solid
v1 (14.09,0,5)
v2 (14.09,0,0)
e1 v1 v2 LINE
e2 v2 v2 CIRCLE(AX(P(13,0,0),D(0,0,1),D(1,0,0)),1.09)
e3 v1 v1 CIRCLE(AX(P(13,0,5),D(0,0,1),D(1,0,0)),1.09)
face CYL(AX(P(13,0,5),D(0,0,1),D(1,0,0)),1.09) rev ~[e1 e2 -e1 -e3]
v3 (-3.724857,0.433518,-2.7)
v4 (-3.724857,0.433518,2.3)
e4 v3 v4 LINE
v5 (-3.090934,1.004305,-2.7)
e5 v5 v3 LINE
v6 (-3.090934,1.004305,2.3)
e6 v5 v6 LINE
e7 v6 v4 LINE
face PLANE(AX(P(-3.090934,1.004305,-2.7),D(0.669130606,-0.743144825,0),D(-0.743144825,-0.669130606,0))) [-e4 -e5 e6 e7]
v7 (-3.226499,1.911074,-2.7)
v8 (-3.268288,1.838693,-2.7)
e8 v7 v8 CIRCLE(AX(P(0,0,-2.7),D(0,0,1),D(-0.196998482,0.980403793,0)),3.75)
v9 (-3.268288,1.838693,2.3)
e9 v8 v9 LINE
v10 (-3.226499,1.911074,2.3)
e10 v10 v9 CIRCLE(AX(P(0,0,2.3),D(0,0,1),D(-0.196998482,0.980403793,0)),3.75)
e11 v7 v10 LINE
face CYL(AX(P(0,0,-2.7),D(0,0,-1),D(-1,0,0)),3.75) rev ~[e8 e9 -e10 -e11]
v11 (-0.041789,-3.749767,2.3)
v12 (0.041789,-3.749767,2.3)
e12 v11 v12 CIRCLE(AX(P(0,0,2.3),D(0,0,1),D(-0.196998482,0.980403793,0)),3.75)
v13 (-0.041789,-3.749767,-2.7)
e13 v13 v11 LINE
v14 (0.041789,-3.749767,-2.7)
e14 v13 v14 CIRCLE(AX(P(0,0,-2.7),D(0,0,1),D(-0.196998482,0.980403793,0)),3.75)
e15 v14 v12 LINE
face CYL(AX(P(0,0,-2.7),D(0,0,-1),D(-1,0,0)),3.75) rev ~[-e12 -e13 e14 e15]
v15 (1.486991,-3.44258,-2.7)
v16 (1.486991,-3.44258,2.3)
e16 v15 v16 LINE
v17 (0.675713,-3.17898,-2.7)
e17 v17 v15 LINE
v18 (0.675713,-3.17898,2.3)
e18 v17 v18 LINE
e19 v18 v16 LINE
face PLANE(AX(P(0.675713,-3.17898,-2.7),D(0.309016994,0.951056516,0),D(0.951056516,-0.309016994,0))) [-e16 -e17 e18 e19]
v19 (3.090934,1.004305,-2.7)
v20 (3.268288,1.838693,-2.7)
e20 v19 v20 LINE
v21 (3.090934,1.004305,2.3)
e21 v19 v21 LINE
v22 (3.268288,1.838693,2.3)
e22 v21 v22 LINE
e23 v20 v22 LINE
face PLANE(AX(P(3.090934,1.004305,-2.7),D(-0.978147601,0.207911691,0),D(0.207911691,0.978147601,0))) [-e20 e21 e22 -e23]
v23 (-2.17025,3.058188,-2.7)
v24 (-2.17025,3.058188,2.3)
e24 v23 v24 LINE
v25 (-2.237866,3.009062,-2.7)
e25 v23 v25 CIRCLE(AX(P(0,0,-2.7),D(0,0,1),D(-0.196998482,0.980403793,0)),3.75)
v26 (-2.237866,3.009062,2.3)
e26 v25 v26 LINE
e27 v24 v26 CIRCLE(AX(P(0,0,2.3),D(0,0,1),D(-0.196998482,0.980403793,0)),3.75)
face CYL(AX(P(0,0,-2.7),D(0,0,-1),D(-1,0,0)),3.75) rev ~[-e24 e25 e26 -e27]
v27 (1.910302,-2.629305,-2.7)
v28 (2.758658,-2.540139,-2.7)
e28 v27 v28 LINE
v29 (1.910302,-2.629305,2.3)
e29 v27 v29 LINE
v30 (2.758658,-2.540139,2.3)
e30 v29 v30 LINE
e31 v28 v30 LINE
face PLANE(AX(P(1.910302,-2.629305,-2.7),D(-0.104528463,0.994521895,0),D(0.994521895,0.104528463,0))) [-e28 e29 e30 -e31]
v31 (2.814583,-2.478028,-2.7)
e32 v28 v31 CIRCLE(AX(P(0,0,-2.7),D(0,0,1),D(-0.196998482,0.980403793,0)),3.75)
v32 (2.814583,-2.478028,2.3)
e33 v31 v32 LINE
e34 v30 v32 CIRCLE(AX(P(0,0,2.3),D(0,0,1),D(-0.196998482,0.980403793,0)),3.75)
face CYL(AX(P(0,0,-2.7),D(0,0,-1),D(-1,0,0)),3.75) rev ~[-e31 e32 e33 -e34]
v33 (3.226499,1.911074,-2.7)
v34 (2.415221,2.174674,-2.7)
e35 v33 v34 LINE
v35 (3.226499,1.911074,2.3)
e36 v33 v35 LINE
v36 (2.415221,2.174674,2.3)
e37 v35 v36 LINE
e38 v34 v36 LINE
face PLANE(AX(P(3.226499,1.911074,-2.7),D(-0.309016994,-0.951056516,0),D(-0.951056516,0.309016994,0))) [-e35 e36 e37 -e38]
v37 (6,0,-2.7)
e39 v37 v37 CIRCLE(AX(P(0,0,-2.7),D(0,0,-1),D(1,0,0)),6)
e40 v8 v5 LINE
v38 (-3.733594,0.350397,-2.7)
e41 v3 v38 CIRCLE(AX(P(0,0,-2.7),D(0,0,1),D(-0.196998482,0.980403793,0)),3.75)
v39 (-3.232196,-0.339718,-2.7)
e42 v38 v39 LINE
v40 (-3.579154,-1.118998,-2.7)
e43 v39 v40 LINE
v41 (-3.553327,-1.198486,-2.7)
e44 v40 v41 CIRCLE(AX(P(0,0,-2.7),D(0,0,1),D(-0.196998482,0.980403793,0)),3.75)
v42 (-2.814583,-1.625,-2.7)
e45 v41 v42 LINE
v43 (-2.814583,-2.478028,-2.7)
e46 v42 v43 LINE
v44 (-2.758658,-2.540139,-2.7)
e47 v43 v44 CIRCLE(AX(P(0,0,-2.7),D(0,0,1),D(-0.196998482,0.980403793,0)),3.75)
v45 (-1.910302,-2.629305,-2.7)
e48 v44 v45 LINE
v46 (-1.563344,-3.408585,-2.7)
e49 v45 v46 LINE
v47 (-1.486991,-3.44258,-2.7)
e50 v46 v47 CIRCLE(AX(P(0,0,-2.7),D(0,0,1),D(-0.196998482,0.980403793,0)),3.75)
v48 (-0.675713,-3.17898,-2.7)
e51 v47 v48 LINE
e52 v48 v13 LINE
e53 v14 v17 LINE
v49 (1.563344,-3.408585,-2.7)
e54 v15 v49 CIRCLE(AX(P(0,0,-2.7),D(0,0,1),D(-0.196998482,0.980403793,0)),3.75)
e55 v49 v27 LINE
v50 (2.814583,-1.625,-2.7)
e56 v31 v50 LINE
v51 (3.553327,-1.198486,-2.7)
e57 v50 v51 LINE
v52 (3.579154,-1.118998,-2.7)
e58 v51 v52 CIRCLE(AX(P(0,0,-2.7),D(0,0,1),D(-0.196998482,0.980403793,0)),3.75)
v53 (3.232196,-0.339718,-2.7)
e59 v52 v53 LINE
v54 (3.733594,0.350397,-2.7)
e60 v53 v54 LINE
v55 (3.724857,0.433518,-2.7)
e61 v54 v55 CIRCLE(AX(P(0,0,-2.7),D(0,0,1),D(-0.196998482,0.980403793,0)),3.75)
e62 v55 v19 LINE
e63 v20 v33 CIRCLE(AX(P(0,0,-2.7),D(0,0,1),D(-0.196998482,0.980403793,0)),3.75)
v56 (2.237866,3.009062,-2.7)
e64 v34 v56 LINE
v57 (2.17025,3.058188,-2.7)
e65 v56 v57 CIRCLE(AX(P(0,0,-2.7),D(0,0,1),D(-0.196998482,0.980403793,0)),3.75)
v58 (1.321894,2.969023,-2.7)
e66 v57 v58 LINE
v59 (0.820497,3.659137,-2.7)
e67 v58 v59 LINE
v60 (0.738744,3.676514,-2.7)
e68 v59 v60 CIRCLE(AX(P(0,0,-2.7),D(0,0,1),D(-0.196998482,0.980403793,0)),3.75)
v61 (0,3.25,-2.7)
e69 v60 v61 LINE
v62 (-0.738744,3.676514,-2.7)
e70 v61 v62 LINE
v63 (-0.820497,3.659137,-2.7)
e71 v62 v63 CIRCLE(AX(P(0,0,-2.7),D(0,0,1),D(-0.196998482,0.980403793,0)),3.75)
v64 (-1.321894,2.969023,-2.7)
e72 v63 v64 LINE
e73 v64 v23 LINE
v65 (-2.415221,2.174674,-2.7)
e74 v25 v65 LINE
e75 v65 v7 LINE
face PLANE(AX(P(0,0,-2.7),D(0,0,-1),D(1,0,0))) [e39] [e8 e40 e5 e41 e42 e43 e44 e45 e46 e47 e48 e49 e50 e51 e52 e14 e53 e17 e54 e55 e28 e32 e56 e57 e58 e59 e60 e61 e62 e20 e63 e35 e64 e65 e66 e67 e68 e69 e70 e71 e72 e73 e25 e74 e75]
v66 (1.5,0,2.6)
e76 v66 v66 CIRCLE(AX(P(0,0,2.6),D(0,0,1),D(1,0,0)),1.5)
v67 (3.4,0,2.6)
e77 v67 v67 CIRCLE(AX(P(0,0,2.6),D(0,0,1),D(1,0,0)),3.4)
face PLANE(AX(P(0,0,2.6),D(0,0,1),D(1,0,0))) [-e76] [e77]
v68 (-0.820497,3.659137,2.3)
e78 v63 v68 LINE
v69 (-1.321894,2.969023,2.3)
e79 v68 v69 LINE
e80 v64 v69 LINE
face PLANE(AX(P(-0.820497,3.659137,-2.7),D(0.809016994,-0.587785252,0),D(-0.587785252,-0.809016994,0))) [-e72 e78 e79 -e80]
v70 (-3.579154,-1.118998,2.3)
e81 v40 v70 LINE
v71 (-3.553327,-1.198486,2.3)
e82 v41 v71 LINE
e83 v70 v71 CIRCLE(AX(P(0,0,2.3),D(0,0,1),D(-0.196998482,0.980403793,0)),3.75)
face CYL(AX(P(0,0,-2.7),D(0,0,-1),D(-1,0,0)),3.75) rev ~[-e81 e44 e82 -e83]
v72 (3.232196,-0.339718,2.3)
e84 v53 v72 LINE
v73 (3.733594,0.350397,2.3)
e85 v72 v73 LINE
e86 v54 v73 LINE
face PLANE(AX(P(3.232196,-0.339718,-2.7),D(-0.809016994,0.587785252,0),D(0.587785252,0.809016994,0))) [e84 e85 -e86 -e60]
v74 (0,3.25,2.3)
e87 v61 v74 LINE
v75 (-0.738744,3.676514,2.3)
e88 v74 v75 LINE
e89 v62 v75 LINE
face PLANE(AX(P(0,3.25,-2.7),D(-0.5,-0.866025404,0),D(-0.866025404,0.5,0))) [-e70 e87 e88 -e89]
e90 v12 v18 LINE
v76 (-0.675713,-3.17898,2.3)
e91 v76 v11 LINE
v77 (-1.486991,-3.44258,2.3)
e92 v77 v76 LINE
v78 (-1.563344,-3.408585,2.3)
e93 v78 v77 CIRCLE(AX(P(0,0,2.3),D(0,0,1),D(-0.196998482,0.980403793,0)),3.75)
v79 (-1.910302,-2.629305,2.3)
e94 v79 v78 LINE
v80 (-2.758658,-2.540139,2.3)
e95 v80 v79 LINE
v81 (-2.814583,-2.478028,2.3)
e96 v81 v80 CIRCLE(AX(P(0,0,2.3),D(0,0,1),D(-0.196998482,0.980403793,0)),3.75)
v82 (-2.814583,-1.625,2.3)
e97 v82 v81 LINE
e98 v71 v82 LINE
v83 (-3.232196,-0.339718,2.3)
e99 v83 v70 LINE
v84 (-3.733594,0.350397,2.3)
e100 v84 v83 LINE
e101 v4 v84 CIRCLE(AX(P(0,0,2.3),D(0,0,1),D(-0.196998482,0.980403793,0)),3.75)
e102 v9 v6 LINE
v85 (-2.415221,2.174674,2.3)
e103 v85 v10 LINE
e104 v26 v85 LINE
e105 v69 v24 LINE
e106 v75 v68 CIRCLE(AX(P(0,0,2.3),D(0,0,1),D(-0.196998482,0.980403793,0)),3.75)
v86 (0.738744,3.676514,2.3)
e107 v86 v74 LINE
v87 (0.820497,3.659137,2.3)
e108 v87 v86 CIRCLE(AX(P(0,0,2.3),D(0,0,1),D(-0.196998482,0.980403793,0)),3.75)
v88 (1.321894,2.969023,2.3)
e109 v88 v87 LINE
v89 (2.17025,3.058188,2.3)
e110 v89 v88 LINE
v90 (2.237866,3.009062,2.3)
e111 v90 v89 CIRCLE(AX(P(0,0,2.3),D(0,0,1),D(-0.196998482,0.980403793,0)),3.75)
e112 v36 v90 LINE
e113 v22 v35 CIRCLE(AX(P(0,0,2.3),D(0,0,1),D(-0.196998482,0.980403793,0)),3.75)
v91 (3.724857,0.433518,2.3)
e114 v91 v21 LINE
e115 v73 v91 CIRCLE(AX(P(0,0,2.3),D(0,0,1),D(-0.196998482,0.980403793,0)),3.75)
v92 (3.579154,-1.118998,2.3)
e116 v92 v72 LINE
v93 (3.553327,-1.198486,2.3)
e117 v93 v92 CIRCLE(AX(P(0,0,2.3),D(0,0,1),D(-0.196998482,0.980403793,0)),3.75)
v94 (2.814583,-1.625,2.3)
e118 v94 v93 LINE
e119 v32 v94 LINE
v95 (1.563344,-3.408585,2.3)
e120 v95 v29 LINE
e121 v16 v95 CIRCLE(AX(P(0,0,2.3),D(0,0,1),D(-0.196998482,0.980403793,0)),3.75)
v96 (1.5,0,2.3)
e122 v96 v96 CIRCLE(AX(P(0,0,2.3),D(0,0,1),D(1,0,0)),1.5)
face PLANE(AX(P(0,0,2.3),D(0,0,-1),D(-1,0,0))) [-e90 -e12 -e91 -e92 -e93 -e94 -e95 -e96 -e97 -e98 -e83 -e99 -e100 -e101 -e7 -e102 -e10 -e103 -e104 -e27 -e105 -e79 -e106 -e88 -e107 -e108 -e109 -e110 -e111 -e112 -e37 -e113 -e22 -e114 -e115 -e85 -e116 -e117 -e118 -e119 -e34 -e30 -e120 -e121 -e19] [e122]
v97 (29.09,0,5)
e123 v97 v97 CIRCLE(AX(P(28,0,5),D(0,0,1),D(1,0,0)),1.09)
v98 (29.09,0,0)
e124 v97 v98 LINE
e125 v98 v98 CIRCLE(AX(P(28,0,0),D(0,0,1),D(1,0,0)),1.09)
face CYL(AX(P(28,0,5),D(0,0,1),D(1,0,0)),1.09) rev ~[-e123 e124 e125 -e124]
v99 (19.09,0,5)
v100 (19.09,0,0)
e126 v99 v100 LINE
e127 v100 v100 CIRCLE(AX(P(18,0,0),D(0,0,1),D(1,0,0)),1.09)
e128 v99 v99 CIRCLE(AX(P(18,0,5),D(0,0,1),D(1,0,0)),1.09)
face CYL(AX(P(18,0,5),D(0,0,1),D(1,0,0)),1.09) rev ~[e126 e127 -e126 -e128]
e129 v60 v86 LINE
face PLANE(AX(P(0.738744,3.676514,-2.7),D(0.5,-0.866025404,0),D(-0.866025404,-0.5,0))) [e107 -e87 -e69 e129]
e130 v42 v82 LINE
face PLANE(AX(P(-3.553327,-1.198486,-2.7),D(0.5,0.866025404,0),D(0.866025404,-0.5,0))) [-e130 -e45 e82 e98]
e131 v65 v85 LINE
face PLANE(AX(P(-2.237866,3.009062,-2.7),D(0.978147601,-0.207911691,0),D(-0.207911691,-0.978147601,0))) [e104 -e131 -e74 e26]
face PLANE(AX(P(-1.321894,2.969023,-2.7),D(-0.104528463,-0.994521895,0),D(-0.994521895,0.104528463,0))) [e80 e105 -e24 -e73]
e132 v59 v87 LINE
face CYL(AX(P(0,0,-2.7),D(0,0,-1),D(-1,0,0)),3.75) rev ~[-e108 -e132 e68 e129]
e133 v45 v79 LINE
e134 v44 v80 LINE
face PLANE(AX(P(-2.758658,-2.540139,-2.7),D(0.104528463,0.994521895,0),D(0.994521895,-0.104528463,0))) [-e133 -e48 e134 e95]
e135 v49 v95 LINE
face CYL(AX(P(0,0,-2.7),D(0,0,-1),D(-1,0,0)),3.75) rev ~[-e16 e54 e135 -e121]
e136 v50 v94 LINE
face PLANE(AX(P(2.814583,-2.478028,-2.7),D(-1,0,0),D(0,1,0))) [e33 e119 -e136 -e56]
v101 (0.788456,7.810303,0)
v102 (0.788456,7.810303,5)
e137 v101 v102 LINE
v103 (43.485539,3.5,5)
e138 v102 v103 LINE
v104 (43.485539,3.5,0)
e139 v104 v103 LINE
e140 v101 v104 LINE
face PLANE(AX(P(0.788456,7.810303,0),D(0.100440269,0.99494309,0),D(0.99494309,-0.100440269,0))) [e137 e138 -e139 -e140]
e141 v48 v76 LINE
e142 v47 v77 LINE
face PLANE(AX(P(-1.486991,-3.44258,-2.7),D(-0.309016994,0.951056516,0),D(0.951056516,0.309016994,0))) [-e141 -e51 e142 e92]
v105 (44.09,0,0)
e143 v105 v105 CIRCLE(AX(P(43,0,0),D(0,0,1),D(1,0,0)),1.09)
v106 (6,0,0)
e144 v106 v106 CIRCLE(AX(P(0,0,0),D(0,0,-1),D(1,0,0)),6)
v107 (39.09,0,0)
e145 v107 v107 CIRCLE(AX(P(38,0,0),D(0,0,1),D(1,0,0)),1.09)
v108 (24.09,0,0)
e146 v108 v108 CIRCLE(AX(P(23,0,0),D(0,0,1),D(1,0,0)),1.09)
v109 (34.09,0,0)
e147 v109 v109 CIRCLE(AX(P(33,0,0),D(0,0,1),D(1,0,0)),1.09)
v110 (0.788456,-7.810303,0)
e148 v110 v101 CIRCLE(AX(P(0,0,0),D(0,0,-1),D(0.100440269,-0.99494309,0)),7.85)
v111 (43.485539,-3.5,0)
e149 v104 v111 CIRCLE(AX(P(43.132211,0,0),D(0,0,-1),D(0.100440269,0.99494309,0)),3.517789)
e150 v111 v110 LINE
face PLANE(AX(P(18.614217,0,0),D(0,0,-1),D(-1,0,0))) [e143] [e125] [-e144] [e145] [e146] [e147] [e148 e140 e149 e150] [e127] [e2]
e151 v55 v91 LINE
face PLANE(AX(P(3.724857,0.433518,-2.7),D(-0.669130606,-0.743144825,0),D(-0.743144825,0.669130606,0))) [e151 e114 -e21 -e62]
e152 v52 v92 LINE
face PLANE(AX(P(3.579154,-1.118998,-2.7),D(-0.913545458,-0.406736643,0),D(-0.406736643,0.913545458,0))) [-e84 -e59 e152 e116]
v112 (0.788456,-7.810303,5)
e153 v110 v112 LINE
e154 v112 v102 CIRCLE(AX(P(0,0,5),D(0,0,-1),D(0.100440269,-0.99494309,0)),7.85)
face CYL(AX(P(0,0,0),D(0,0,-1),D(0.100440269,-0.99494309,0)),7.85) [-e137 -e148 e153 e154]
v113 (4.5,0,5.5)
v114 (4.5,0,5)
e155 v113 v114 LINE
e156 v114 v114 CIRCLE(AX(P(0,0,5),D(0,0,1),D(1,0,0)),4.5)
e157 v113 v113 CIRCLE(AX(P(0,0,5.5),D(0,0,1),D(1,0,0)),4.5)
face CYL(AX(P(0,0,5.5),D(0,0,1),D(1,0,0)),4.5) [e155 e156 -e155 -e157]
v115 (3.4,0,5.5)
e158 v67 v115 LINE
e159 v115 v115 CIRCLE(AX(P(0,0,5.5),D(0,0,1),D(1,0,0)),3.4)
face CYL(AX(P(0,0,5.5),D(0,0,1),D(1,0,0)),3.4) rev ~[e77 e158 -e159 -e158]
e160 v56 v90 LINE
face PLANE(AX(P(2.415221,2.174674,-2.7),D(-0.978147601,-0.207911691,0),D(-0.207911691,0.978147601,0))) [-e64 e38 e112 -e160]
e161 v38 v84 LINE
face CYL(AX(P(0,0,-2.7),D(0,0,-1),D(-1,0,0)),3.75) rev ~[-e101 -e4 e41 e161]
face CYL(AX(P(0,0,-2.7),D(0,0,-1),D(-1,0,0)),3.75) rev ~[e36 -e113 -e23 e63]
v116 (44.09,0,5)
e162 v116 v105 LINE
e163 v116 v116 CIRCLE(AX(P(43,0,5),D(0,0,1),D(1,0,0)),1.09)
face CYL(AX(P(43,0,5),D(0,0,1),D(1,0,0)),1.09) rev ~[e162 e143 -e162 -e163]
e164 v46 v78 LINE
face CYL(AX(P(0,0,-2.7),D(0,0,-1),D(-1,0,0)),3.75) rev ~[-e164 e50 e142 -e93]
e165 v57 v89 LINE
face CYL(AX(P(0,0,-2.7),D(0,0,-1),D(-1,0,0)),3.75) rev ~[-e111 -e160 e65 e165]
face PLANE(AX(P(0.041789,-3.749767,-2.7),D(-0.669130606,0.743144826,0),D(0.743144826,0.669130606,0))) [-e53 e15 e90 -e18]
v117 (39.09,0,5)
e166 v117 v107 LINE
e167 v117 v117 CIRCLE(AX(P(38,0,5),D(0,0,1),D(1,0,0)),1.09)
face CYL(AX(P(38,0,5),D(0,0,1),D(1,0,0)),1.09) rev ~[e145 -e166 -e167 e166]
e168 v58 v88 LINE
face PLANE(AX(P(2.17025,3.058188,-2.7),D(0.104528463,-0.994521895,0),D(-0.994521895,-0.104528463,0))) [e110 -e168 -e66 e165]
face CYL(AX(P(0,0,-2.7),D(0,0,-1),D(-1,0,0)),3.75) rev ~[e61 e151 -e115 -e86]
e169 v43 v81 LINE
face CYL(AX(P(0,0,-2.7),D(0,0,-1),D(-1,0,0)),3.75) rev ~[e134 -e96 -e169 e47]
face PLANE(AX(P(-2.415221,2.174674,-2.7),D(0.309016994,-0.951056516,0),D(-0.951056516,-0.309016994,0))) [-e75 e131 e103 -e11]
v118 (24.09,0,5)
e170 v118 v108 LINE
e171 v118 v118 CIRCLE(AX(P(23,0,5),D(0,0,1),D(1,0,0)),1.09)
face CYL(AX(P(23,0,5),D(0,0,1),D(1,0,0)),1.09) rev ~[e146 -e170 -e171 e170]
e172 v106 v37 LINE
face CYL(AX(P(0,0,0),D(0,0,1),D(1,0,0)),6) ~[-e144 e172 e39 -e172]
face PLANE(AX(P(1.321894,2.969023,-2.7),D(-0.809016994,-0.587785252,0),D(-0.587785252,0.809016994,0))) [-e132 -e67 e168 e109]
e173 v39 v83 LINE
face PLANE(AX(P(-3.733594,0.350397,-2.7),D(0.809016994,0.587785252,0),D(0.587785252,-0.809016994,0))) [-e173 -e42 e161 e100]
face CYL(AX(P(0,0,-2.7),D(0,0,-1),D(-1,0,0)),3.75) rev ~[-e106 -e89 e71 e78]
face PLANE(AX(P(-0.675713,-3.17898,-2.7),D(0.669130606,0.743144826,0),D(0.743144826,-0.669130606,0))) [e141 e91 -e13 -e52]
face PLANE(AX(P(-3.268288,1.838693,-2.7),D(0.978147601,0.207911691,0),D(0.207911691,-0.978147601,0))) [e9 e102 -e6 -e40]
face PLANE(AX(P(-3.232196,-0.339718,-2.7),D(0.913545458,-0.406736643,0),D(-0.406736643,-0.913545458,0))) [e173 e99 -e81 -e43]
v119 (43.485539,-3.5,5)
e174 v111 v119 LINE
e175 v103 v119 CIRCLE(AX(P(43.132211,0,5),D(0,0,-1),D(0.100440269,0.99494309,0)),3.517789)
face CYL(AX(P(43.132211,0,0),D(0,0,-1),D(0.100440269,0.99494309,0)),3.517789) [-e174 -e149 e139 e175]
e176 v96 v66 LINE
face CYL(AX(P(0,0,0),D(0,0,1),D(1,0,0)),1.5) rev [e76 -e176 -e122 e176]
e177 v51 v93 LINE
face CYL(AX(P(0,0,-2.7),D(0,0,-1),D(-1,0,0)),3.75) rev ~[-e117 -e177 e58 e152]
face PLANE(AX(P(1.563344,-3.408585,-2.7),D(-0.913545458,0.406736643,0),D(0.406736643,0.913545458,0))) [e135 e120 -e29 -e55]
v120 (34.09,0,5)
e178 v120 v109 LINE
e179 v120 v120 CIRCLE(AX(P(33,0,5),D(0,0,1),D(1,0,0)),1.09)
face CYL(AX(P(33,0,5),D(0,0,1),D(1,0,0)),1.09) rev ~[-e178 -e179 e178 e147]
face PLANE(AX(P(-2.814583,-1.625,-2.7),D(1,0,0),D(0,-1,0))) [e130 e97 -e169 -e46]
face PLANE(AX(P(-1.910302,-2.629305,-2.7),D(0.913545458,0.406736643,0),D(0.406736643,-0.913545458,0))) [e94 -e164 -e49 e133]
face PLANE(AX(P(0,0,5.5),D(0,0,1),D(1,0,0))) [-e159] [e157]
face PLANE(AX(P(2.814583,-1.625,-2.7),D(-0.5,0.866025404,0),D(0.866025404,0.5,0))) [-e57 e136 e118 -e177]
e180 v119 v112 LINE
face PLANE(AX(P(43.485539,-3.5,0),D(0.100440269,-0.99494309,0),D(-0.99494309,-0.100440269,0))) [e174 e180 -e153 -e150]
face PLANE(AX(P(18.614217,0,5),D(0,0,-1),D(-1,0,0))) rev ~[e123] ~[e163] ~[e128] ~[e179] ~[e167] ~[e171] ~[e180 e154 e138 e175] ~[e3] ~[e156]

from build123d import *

# Parameters (mm, degrees)
BOSS_EXTRUDE1_DEPTH = 5
CUT_EXTRUDE1_REACH  = 49.569
SKETCH2_R           = 1.5
SKETCH3_R           = 3.4
CUT_EXTRUDE2_DEPTH  = 2.4
BOSS_EXTRUDE2_START = 0.5
SKETCH4_R           = 4.5
SKETCH4_R_2         = 3.4
BOSS_EXTRUDE2_DEPTH = 0.5
SKETCH6_R           = 6
SKETCH6_R_2         = 1.5
BOSS_EXTRUDE3_DEPTH = 2.7
SKETCH7_R           = 3.75
CUT_EXTRUDE4_DEPTH  = 5
BOSS_EXTRUDE4_DEPTH = 5
CIRPATTERN2_COUNT   = 15
CUT_EXTRUDE5_REACH  = 49.928
SKETCH10_R          = 1.09


with BuildPart() as part:
    # Sketch1 → Boss-Extrude1 (new body)
    with BuildSketch(Plane.XY):
        with BuildLine():
            Line((0.788456111, 7.810303257), (43.485538544, 3.5))
            ThreePointArc((43.485538544, 3.5), (46.65, 0), (43.485538544, -3.5))
            Line((43.485538544, -3.5), (0.788456111, -7.810303257))
            ThreePointArc((0.788456111, -7.810303257), (-7.85, 0), (0.788456111, 7.810303257))
        make_face()
    extrude(amount=BOSS_EXTRUDE1_DEPTH)

    # Sketch2 → Cut-Extrude1 (cut, up to next)
    with BuildSketch(Plane.XY.offset(5), mode=Mode.PRIVATE) as cut_extrude1_sk1:
        Circle(SKETCH2_R)
    cut_extrude1_tool1 = extrude(cut_extrude1_sk1.sketch, amount=-CUT_EXTRUDE1_REACH, mode=Mode.PRIVATE) & part.part
    add(cut_extrude1_tool1.solids().sort_by_distance((0, 0, 5))[0], mode=Mode.SUBTRACT)

    # Sketch3 → Cut-Extrude2 (cut)
    with BuildSketch(Plane.XY.offset(5)):
        Circle(SKETCH3_R)
    extrude(amount=-CUT_EXTRUDE2_DEPTH, mode=Mode.SUBTRACT)

    # Sketch4 → Boss-Extrude2 (add)
    with BuildSketch(Plane.XY.offset(5).offset(BOSS_EXTRUDE2_START)):
        Circle(SKETCH4_R)
        Circle(SKETCH4_R_2, mode=Mode.SUBTRACT)
    extrude(amount=-BOSS_EXTRUDE2_DEPTH)

    # Sketch6 → Boss-Extrude3 (add)
    with BuildSketch(Plane(origin=(0, 0, 0), x_dir=(-1, 0, 0), z_dir=(0, 0, -1))):
        with Locations(Location((0, 0, 0), (0, 0, 180))):
            Circle(SKETCH6_R)
        with Locations(Location((0, 0, 0), (0, 0, 180))):
            Circle(SKETCH6_R_2, mode=Mode.SUBTRACT)
    extrude(amount=BOSS_EXTRUDE3_DEPTH)

    # Sketch7 → Cut-Extrude4 (cut)
    with BuildSketch(Plane(origin=(0, 0, -2.7), x_dir=(-1, 0, 0), z_dir=(0, 0, -1))):
        Circle(SKETCH7_R)
    extrude(amount=-CUT_EXTRUDE4_DEPTH, mode=Mode.SUBTRACT)

    # Sketch8 → Boss-Extrude4 (add)
    with BuildSketch(Plane(origin=(0, 0, -2.7), x_dir=(-1, 0, 0), z_dir=(0, 0, -1))):
        with BuildLine():
            Line((-0.738744308, 3.676514225), (0, 3.25))
            Line((0, 3.25), (0.738744308, 3.676514225))
            ThreePointArc((0.738744308, 3.676514225), (0, 3.75), (-0.738744308, 3.676514225))
        make_face()
    boss_extrude4 = extrude(amount=-BOSS_EXTRUDE4_DEPTH)

    # CirPattern2: Boss-Extrude4 ×15 about axis
    cirpattern2_axis = Axis((0, 0, 0), (0, 0, 1))
    for i in range(1, CIRPATTERN2_COUNT):
        add(boss_extrude4.rotate(cirpattern2_axis, i * 360 / CIRPATTERN2_COUNT))

    # Sketch10 → Cut-Extrude5 (cut, up to next)
    with BuildSketch(Plane.XY.offset(5), mode=Mode.PRIVATE) as cut_extrude5_sk1:
        with Locations((43, 0)):
            Circle(SKETCH10_R)
    cut_extrude5_tool1 = extrude(cut_extrude5_sk1.sketch, amount=-CUT_EXTRUDE5_REACH, mode=Mode.PRIVATE) & part.part
    # Sketch10 → Cut-Extrude5 (cut, up to next)
    with BuildSketch(Plane.XY.offset(5), mode=Mode.PRIVATE) as cut_extrude5_sk2:
        with Locations((38, 0)):
            Circle(SKETCH10_R)
    cut_extrude5_tool2 = extrude(cut_extrude5_sk2.sketch, amount=-CUT_EXTRUDE5_REACH, mode=Mode.PRIVATE) & part.part
    # Sketch10 → Cut-Extrude5 (cut, up to next)
    with BuildSketch(Plane.XY.offset(5), mode=Mode.PRIVATE) as cut_extrude5_sk3:
        with Locations((33, 0)):
            Circle(SKETCH10_R)
    cut_extrude5_tool3 = extrude(cut_extrude5_sk3.sketch, amount=-CUT_EXTRUDE5_REACH, mode=Mode.PRIVATE) & part.part
    # Sketch10 → Cut-Extrude5 (cut, up to next)
    with BuildSketch(Plane.XY.offset(5), mode=Mode.PRIVATE) as cut_extrude5_sk4:
        with Locations((28, 0)):
            Circle(SKETCH10_R)
    cut_extrude5_tool4 = extrude(cut_extrude5_sk4.sketch, amount=-CUT_EXTRUDE5_REACH, mode=Mode.PRIVATE) & part.part
    # Sketch10 → Cut-Extrude5 (cut, up to next)
    with BuildSketch(Plane.XY.offset(5), mode=Mode.PRIVATE) as cut_extrude5_sk5:
        with Locations((23, 0)):
            Circle(SKETCH10_R)
    cut_extrude5_tool5 = extrude(cut_extrude5_sk5.sketch, amount=-CUT_EXTRUDE5_REACH, mode=Mode.PRIVATE) & part.part
    # Sketch10 → Cut-Extrude5 (cut, up to next)
    with BuildSketch(Plane.XY.offset(5), mode=Mode.PRIVATE) as cut_extrude5_sk6:
        with Locations((18, 0)):
            Circle(SKETCH10_R)
    cut_extrude5_tool6 = extrude(cut_extrude5_sk6.sketch, amount=-CUT_EXTRUDE5_REACH, mode=Mode.PRIVATE) & part.part
    # Sketch10 → Cut-Extrude5 (cut, up to next)
    with BuildSketch(Plane.XY.offset(5), mode=Mode.PRIVATE) as cut_extrude5_sk7:
        with Locations((13, 0)):
            Circle(SKETCH10_R)
    cut_extrude5_tool7 = extrude(cut_extrude5_sk7.sketch, amount=-CUT_EXTRUDE5_REACH, mode=Mode.PRIVATE) & part.part
    add(cut_extrude5_tool1.solids().sort_by_distance((43, 0, 5))[0], mode=Mode.SUBTRACT)
    add(cut_extrude5_tool2.solids().sort_by_distance((38, 0, 5))[0], mode=Mode.SUBTRACT)
    add(cut_extrude5_tool3.solids().sort_by_distance((33, 0, 5))[0], mode=Mode.SUBTRACT)
    add(cut_extrude5_tool4.solids().sort_by_distance((28, 0, 5))[0], mode=Mode.SUBTRACT)
    add(cut_extrude5_tool5.solids().sort_by_distance((23, 0, 5))[0], mode=Mode.SUBTRACT)
    add(cut_extrude5_tool6.solids().sort_by_distance((18, 0, 5))[0], mode=Mode.SUBTRACT)
    add(cut_extrude5_tool7.solids().sort_by_distance((13, 0, 5))[0], mode=Mode.SUBTRACT)


solid = part.part
